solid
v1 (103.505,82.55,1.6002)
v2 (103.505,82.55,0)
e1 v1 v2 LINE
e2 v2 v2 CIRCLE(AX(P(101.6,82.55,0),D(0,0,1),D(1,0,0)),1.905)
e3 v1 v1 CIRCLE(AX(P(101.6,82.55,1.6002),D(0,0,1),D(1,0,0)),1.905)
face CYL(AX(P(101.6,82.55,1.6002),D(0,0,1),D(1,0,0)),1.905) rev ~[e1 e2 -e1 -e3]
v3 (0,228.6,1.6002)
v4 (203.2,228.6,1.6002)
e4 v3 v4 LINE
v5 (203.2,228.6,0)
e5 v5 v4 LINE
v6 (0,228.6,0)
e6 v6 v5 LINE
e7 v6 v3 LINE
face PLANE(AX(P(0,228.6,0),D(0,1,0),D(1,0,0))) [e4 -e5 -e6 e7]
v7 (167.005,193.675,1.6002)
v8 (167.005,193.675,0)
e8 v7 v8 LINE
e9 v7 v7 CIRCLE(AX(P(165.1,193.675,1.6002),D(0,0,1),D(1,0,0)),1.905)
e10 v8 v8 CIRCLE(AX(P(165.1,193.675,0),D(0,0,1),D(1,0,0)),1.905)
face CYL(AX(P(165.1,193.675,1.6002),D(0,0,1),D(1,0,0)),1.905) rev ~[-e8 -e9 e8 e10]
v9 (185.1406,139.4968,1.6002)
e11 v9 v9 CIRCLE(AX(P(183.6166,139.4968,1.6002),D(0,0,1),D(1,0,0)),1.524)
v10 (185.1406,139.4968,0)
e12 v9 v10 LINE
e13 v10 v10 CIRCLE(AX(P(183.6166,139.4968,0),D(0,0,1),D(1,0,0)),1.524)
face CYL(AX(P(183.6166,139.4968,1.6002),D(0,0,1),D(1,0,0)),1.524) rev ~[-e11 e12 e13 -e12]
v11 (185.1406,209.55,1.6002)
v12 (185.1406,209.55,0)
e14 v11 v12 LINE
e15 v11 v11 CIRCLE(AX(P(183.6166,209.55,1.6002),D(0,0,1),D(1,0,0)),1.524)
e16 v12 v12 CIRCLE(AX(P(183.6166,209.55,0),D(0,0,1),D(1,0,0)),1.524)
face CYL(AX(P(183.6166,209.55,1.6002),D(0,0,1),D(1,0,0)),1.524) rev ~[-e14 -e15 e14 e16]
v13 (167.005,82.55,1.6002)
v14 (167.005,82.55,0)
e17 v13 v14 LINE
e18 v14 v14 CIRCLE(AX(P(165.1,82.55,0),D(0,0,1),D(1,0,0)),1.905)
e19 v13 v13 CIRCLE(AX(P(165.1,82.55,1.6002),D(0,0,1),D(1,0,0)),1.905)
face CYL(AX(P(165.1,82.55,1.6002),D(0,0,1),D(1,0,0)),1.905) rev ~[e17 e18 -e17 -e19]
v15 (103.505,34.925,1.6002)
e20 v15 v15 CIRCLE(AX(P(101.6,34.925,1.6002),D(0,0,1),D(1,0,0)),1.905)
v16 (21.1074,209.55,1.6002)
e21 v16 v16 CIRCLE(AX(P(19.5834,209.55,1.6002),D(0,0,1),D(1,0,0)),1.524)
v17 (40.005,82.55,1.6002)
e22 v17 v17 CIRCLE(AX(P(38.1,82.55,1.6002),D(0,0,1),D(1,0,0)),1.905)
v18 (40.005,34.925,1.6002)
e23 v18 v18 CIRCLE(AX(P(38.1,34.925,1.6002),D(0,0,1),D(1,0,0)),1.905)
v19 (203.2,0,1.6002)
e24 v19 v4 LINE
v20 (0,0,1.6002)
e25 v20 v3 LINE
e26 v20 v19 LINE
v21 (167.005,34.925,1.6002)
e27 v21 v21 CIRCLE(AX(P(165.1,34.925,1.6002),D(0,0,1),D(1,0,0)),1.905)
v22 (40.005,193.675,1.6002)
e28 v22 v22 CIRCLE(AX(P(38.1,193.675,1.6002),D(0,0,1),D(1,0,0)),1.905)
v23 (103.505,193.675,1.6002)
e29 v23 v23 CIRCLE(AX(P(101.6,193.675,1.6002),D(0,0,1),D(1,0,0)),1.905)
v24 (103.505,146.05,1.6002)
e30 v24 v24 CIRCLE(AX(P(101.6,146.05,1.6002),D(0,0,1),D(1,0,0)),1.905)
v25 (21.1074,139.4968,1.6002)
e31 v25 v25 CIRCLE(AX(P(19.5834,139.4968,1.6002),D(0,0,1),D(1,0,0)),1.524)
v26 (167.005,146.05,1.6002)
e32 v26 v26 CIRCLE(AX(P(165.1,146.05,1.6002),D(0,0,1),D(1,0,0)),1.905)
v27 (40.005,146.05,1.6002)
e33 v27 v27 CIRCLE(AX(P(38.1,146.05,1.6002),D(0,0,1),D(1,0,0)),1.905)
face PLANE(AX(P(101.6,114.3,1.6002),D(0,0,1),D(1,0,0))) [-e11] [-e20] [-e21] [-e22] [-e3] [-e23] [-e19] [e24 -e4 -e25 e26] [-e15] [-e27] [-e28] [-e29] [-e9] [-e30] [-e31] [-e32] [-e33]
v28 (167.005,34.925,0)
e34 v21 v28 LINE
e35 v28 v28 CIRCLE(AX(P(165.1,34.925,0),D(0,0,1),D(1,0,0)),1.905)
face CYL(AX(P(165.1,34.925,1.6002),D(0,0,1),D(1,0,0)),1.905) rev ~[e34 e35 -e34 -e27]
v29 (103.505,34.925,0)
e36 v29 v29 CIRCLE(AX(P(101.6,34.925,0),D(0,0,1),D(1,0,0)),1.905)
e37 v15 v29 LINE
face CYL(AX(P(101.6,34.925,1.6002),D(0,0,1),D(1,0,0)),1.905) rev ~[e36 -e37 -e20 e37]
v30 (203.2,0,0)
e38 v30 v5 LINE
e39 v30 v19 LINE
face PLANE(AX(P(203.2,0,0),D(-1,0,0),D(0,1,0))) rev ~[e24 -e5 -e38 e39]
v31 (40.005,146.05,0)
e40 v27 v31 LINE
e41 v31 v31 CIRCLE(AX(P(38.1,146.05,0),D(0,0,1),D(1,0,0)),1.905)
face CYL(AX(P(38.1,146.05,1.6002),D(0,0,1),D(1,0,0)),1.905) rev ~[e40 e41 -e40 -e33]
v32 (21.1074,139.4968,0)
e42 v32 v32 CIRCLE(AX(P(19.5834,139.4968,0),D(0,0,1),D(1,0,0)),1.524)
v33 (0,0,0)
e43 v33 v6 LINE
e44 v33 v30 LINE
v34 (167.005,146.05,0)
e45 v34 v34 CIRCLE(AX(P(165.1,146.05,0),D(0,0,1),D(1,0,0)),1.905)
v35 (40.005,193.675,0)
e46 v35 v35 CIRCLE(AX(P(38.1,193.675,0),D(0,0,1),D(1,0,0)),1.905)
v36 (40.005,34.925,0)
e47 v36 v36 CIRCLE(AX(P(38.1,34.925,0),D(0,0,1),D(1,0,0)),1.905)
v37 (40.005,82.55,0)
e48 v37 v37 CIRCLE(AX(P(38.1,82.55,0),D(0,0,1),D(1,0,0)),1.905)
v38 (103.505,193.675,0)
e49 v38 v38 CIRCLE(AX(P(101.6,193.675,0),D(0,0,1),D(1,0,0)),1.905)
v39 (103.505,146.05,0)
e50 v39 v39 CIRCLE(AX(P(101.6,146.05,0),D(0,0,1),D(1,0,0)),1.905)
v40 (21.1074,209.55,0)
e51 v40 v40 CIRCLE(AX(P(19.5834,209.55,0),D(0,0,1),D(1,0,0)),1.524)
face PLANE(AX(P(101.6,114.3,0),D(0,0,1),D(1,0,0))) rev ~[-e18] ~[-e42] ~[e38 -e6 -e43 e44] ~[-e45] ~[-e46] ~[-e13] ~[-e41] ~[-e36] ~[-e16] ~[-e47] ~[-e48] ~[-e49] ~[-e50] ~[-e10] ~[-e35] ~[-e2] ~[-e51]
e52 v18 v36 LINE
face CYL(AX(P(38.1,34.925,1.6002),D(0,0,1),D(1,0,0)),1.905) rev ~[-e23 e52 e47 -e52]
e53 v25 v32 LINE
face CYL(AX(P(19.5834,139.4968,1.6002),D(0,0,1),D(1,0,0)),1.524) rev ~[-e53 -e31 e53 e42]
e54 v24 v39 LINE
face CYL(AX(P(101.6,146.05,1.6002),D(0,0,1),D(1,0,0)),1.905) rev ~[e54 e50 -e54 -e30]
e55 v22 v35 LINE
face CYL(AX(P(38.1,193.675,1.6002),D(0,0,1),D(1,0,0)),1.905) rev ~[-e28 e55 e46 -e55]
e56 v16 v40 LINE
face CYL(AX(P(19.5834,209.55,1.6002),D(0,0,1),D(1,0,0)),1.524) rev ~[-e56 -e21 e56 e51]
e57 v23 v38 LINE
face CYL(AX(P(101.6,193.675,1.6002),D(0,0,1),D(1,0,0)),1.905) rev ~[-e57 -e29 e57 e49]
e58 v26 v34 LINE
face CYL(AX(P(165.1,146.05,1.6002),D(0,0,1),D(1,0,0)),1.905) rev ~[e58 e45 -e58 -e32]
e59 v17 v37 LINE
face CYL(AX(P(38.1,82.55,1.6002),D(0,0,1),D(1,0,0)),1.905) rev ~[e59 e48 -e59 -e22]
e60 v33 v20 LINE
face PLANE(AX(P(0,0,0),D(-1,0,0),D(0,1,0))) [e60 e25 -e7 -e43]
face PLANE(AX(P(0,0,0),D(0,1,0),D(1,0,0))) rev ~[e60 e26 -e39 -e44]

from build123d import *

# Parameters (mm, degrees)
F0_W     = 203.2
F0_H     = 228.6
F1_DEPTH = 1.6002
F2_R     = 1.524
F3_DEPTH = 1.6012
F4_R     = 1.905
F5_DEPTH = 1.6012


with BuildPart() as f1:
    # F0 (on Top) → F1 (new body)
    with BuildSketch(Plane.XY):
        with Locations((101.6, 114.3)):
            Rectangle(F0_W, F0_H)
    extrude(amount=F1_DEPTH)

    # F2 (on face) → F3 (cut, through all)
    with BuildSketch(Plane.XY.offset(1.6002)):
        with Locations((19.5834, 209.55)):
            Circle(F2_R)
        with Locations((183.6166, 209.55)):
            Circle(F2_R)
        with Locations((19.5834, 139.4968)):
            Circle(F2_R)
        with Locations((183.6166, 139.4968)):
            Circle(F2_R)
    extrude(amount=-F3_DEPTH, mode=Mode.SUBTRACT)

    # F4 (on face) → F5 (cut, through all)
    with BuildSketch(Plane.XY.offset(1.6002)):
        with Locations((165.1, 34.925)):
            Circle(F4_R)
        with Locations((165.1, 82.55)):
            Circle(F4_R)
        with Locations((101.6, 34.925)):
            Circle(F4_R)
        with Locations((101.6, 82.55)):
            Circle(F4_R)
        with Locations((38.1, 34.925)):
            Circle(F4_R)
        with Locations((38.1, 82.55)):
            Circle(F4_R)
        with Locations((165.1, 146.05)):
            Circle(F4_R)
        with Locations((101.6, 146.05)):
            Circle(F4_R)
        with Locations((38.1, 146.05)):
            Circle(F4_R)
        with Locations((38.1, 193.675)):
            Circle(F4_R)
        with Locations((101.6, 193.675)):
            Circle(F4_R)
        with Locations((165.1, 193.675)):
            Circle(F4_R)
    extrude(amount=-F5_DEPTH, mode=Mode.SUBTRACT)


solid = f1.part
